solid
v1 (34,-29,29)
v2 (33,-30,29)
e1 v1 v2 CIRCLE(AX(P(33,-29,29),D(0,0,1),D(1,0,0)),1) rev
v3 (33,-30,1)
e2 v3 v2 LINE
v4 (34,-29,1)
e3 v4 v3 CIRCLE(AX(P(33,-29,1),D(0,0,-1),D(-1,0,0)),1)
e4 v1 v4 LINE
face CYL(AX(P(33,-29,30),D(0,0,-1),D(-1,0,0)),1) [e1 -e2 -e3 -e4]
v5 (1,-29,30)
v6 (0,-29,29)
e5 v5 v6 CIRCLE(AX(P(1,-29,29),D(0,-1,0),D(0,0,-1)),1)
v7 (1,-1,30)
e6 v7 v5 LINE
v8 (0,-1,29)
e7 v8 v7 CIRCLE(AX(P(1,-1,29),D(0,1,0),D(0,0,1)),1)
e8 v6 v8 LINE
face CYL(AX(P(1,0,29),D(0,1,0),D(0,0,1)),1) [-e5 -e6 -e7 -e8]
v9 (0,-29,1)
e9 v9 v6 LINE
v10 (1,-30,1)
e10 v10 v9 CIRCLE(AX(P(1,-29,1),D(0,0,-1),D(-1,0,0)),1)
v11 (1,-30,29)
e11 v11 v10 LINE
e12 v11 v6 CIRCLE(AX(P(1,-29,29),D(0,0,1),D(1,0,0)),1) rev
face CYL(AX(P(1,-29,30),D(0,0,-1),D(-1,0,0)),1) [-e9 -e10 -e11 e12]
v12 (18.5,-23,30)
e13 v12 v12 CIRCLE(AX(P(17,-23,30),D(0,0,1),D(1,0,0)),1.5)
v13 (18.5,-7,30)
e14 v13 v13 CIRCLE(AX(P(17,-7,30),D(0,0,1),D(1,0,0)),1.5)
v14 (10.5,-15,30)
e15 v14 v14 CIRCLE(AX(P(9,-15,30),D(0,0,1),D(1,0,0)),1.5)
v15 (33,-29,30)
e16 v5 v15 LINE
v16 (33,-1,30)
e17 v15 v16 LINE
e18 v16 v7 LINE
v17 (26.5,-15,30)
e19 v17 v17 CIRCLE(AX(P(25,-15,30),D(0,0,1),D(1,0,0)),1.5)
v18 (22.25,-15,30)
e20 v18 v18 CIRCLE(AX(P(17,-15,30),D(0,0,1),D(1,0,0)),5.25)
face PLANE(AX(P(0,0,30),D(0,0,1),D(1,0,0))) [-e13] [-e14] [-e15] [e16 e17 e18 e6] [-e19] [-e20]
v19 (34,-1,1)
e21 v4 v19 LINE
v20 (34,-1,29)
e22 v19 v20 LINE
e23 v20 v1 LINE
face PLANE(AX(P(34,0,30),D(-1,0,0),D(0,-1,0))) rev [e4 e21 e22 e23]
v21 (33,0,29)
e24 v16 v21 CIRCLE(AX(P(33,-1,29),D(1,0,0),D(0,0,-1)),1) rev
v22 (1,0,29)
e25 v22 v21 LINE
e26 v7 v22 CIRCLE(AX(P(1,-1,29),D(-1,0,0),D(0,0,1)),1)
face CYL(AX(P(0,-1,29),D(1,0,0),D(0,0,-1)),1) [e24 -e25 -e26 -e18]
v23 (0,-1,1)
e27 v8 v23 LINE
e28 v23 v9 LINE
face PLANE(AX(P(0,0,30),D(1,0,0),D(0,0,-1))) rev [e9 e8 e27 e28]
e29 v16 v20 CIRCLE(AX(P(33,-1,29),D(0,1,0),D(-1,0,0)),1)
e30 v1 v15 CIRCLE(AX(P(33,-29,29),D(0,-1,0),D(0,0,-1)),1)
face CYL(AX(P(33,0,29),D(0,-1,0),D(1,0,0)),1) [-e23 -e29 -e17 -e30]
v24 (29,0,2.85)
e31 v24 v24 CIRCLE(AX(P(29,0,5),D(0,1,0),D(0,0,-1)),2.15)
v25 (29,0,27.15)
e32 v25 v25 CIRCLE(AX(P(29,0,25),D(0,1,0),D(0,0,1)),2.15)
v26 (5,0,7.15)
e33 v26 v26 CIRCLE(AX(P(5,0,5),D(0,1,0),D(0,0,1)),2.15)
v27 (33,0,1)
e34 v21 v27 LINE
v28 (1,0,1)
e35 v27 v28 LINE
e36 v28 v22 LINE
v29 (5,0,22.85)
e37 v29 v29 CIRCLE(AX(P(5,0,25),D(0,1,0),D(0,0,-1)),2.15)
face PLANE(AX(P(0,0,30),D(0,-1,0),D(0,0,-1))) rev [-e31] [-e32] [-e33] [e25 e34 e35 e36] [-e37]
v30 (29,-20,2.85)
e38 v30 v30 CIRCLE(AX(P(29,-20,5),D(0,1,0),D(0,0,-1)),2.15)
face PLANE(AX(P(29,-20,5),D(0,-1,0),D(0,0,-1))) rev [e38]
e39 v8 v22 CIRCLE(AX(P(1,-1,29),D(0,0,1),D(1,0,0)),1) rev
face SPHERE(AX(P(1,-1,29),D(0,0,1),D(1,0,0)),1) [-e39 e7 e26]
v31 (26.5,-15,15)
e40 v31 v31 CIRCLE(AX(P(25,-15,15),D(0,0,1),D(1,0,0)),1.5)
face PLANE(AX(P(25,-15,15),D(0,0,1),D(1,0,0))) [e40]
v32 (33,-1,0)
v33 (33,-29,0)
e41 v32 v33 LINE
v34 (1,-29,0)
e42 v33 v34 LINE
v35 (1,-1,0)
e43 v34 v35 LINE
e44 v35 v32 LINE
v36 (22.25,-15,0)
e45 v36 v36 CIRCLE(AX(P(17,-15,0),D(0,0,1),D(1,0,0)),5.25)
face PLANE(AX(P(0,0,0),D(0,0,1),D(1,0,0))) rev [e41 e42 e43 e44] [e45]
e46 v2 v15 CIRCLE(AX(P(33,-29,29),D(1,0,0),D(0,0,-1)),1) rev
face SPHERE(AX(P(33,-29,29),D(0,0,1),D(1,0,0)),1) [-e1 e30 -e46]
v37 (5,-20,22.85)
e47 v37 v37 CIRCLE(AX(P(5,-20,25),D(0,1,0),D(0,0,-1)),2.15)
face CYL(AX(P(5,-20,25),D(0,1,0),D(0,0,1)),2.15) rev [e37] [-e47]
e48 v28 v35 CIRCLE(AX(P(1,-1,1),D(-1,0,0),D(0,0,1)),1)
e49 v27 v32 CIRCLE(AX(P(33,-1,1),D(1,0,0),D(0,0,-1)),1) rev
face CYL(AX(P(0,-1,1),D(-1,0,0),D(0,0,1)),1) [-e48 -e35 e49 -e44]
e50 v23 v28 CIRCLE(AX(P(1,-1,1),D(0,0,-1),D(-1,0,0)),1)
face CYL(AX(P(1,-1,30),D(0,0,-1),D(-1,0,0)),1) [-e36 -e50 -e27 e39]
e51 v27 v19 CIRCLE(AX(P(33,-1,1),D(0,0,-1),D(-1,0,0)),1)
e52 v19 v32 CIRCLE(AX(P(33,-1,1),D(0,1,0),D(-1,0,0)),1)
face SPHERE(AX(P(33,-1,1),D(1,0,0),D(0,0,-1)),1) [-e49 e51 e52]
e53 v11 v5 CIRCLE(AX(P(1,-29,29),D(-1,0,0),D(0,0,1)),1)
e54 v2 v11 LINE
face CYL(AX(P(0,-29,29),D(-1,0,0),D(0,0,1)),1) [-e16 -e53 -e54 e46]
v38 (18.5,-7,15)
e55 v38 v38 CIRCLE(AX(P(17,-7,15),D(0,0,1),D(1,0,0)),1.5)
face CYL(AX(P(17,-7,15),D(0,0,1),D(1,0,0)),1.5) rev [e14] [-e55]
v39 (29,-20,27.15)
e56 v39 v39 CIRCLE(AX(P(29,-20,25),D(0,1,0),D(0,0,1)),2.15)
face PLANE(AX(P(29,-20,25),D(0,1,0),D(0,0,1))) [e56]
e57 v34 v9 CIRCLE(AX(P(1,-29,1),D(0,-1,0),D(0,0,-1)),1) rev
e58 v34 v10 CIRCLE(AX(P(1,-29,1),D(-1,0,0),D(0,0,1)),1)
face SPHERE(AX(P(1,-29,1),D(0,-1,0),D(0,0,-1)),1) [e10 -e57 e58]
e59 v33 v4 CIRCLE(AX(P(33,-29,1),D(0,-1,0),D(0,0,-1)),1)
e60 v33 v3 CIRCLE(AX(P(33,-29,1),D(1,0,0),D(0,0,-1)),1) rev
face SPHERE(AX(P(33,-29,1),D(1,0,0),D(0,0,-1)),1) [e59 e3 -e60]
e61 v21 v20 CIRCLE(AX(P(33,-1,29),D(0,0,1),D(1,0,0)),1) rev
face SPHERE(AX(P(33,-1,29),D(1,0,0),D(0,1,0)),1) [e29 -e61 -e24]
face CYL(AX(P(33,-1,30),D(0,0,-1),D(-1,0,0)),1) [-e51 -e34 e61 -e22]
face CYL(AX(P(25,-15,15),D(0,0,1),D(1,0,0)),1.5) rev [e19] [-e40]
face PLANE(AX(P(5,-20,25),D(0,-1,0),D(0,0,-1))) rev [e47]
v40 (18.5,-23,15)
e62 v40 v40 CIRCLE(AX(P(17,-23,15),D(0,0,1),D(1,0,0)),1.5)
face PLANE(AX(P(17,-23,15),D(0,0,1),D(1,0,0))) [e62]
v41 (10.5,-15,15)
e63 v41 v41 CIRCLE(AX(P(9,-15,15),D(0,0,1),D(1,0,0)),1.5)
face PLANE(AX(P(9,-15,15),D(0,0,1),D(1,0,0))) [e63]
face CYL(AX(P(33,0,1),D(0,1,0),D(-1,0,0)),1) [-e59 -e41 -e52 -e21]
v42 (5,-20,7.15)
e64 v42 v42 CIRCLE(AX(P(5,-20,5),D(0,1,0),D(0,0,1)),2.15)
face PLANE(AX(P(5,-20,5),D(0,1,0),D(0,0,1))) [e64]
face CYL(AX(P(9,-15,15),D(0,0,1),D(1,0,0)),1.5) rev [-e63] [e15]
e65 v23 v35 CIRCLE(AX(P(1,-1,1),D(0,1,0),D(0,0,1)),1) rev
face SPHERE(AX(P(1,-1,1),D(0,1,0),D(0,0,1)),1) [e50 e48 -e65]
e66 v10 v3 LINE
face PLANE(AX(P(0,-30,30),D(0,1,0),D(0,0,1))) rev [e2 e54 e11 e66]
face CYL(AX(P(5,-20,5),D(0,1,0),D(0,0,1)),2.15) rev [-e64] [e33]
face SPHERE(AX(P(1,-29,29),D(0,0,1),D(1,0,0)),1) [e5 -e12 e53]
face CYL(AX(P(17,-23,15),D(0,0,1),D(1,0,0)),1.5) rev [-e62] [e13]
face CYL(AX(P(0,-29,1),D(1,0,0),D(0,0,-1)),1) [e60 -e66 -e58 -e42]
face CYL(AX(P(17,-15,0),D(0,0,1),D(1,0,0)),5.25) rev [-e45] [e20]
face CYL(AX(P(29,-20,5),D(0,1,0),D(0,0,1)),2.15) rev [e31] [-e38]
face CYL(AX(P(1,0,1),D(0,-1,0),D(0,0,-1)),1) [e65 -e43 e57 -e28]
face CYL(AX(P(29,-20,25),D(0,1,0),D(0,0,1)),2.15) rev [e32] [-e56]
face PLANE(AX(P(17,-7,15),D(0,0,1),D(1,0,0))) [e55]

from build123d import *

# Parameters (mm, degrees)
SKETCH1_W           = 34
SKETCH1_H           = 30
BOSS_EXTRUDE1_DEPTH = 30
SKETCH2_R           = 5.25
CUT_EXTRUDE1_DEPTH  = 30
SKETCH3_R           = 1.5
CUT_EXTRUDE2_DEPTH  = 15
FILLET1_R           = 1
SKETCH4_R           = 2.15
CUT_EXTRUDE3_DEPTH  = 20


with BuildPart() as part:
    # Sketch1 → Boss-Extrude1 (new body)
    with BuildSketch(Plane.XY):
        with Locations((17, -15)):
            Rectangle(SKETCH1_W, SKETCH1_H)
    extrude(amount=BOSS_EXTRUDE1_DEPTH)

    # Sketch2 → Cut-Extrude1 (cut)
    with BuildSketch(Plane.XY.offset(30)):
        with Locations((17, -15)):
            Circle(SKETCH2_R)
    extrude(amount=-CUT_EXTRUDE1_DEPTH, mode=Mode.SUBTRACT)

    # Sketch3 → Cut-Extrude2 (cut)
    with BuildSketch(Plane.XY.offset(30)):
        with Locations((25, -15)):
            Circle(SKETCH3_R)
        with Locations((17, -7)):
            Circle(SKETCH3_R)
        with Locations((9, -15)):
            Circle(SKETCH3_R)
        with Locations((17, -23)):
            Circle(SKETCH3_R)
    extrude(amount=-CUT_EXTRUDE2_DEPTH, mode=Mode.SUBTRACT)

    # Fillet1
    fillet1_edges = [part.edges().sort_by_distance(p)[0] for p in [
        (34, -15, 30),
        (17, 0, 30),
        (0, -15, 30),
        (17, 0, 0),
        (34, -15, 0),
        (17, -30, 0),
        (0, -15, 0),
        (0, 0, 15),
        (34, 0, 15),
        (34, -30, 15),
        (0, -30, 15),
        (17, -30, 30),
    ]]
    fillet(fillet1_edges, radius=FILLET1_R)

    # Sketch4 → Cut-Extrude3 (cut)
    with BuildSketch(Plane(origin=(0, 0, 0), x_dir=(1, 0, 0), z_dir=(0, 1, 0))):
        with Locations((5, -5)):
            Circle(SKETCH4_R)
        with Locations((29, -5)):
            Circle(SKETCH4_R)
        with Locations((29, -25)):
            Circle(SKETCH4_R)
        with Locations((5, -25)):
            Circle(SKETCH4_R)
    extrude(amount=-CUT_EXTRUDE3_DEPTH, mode=Mode.SUBTRACT)


solid = part.part
